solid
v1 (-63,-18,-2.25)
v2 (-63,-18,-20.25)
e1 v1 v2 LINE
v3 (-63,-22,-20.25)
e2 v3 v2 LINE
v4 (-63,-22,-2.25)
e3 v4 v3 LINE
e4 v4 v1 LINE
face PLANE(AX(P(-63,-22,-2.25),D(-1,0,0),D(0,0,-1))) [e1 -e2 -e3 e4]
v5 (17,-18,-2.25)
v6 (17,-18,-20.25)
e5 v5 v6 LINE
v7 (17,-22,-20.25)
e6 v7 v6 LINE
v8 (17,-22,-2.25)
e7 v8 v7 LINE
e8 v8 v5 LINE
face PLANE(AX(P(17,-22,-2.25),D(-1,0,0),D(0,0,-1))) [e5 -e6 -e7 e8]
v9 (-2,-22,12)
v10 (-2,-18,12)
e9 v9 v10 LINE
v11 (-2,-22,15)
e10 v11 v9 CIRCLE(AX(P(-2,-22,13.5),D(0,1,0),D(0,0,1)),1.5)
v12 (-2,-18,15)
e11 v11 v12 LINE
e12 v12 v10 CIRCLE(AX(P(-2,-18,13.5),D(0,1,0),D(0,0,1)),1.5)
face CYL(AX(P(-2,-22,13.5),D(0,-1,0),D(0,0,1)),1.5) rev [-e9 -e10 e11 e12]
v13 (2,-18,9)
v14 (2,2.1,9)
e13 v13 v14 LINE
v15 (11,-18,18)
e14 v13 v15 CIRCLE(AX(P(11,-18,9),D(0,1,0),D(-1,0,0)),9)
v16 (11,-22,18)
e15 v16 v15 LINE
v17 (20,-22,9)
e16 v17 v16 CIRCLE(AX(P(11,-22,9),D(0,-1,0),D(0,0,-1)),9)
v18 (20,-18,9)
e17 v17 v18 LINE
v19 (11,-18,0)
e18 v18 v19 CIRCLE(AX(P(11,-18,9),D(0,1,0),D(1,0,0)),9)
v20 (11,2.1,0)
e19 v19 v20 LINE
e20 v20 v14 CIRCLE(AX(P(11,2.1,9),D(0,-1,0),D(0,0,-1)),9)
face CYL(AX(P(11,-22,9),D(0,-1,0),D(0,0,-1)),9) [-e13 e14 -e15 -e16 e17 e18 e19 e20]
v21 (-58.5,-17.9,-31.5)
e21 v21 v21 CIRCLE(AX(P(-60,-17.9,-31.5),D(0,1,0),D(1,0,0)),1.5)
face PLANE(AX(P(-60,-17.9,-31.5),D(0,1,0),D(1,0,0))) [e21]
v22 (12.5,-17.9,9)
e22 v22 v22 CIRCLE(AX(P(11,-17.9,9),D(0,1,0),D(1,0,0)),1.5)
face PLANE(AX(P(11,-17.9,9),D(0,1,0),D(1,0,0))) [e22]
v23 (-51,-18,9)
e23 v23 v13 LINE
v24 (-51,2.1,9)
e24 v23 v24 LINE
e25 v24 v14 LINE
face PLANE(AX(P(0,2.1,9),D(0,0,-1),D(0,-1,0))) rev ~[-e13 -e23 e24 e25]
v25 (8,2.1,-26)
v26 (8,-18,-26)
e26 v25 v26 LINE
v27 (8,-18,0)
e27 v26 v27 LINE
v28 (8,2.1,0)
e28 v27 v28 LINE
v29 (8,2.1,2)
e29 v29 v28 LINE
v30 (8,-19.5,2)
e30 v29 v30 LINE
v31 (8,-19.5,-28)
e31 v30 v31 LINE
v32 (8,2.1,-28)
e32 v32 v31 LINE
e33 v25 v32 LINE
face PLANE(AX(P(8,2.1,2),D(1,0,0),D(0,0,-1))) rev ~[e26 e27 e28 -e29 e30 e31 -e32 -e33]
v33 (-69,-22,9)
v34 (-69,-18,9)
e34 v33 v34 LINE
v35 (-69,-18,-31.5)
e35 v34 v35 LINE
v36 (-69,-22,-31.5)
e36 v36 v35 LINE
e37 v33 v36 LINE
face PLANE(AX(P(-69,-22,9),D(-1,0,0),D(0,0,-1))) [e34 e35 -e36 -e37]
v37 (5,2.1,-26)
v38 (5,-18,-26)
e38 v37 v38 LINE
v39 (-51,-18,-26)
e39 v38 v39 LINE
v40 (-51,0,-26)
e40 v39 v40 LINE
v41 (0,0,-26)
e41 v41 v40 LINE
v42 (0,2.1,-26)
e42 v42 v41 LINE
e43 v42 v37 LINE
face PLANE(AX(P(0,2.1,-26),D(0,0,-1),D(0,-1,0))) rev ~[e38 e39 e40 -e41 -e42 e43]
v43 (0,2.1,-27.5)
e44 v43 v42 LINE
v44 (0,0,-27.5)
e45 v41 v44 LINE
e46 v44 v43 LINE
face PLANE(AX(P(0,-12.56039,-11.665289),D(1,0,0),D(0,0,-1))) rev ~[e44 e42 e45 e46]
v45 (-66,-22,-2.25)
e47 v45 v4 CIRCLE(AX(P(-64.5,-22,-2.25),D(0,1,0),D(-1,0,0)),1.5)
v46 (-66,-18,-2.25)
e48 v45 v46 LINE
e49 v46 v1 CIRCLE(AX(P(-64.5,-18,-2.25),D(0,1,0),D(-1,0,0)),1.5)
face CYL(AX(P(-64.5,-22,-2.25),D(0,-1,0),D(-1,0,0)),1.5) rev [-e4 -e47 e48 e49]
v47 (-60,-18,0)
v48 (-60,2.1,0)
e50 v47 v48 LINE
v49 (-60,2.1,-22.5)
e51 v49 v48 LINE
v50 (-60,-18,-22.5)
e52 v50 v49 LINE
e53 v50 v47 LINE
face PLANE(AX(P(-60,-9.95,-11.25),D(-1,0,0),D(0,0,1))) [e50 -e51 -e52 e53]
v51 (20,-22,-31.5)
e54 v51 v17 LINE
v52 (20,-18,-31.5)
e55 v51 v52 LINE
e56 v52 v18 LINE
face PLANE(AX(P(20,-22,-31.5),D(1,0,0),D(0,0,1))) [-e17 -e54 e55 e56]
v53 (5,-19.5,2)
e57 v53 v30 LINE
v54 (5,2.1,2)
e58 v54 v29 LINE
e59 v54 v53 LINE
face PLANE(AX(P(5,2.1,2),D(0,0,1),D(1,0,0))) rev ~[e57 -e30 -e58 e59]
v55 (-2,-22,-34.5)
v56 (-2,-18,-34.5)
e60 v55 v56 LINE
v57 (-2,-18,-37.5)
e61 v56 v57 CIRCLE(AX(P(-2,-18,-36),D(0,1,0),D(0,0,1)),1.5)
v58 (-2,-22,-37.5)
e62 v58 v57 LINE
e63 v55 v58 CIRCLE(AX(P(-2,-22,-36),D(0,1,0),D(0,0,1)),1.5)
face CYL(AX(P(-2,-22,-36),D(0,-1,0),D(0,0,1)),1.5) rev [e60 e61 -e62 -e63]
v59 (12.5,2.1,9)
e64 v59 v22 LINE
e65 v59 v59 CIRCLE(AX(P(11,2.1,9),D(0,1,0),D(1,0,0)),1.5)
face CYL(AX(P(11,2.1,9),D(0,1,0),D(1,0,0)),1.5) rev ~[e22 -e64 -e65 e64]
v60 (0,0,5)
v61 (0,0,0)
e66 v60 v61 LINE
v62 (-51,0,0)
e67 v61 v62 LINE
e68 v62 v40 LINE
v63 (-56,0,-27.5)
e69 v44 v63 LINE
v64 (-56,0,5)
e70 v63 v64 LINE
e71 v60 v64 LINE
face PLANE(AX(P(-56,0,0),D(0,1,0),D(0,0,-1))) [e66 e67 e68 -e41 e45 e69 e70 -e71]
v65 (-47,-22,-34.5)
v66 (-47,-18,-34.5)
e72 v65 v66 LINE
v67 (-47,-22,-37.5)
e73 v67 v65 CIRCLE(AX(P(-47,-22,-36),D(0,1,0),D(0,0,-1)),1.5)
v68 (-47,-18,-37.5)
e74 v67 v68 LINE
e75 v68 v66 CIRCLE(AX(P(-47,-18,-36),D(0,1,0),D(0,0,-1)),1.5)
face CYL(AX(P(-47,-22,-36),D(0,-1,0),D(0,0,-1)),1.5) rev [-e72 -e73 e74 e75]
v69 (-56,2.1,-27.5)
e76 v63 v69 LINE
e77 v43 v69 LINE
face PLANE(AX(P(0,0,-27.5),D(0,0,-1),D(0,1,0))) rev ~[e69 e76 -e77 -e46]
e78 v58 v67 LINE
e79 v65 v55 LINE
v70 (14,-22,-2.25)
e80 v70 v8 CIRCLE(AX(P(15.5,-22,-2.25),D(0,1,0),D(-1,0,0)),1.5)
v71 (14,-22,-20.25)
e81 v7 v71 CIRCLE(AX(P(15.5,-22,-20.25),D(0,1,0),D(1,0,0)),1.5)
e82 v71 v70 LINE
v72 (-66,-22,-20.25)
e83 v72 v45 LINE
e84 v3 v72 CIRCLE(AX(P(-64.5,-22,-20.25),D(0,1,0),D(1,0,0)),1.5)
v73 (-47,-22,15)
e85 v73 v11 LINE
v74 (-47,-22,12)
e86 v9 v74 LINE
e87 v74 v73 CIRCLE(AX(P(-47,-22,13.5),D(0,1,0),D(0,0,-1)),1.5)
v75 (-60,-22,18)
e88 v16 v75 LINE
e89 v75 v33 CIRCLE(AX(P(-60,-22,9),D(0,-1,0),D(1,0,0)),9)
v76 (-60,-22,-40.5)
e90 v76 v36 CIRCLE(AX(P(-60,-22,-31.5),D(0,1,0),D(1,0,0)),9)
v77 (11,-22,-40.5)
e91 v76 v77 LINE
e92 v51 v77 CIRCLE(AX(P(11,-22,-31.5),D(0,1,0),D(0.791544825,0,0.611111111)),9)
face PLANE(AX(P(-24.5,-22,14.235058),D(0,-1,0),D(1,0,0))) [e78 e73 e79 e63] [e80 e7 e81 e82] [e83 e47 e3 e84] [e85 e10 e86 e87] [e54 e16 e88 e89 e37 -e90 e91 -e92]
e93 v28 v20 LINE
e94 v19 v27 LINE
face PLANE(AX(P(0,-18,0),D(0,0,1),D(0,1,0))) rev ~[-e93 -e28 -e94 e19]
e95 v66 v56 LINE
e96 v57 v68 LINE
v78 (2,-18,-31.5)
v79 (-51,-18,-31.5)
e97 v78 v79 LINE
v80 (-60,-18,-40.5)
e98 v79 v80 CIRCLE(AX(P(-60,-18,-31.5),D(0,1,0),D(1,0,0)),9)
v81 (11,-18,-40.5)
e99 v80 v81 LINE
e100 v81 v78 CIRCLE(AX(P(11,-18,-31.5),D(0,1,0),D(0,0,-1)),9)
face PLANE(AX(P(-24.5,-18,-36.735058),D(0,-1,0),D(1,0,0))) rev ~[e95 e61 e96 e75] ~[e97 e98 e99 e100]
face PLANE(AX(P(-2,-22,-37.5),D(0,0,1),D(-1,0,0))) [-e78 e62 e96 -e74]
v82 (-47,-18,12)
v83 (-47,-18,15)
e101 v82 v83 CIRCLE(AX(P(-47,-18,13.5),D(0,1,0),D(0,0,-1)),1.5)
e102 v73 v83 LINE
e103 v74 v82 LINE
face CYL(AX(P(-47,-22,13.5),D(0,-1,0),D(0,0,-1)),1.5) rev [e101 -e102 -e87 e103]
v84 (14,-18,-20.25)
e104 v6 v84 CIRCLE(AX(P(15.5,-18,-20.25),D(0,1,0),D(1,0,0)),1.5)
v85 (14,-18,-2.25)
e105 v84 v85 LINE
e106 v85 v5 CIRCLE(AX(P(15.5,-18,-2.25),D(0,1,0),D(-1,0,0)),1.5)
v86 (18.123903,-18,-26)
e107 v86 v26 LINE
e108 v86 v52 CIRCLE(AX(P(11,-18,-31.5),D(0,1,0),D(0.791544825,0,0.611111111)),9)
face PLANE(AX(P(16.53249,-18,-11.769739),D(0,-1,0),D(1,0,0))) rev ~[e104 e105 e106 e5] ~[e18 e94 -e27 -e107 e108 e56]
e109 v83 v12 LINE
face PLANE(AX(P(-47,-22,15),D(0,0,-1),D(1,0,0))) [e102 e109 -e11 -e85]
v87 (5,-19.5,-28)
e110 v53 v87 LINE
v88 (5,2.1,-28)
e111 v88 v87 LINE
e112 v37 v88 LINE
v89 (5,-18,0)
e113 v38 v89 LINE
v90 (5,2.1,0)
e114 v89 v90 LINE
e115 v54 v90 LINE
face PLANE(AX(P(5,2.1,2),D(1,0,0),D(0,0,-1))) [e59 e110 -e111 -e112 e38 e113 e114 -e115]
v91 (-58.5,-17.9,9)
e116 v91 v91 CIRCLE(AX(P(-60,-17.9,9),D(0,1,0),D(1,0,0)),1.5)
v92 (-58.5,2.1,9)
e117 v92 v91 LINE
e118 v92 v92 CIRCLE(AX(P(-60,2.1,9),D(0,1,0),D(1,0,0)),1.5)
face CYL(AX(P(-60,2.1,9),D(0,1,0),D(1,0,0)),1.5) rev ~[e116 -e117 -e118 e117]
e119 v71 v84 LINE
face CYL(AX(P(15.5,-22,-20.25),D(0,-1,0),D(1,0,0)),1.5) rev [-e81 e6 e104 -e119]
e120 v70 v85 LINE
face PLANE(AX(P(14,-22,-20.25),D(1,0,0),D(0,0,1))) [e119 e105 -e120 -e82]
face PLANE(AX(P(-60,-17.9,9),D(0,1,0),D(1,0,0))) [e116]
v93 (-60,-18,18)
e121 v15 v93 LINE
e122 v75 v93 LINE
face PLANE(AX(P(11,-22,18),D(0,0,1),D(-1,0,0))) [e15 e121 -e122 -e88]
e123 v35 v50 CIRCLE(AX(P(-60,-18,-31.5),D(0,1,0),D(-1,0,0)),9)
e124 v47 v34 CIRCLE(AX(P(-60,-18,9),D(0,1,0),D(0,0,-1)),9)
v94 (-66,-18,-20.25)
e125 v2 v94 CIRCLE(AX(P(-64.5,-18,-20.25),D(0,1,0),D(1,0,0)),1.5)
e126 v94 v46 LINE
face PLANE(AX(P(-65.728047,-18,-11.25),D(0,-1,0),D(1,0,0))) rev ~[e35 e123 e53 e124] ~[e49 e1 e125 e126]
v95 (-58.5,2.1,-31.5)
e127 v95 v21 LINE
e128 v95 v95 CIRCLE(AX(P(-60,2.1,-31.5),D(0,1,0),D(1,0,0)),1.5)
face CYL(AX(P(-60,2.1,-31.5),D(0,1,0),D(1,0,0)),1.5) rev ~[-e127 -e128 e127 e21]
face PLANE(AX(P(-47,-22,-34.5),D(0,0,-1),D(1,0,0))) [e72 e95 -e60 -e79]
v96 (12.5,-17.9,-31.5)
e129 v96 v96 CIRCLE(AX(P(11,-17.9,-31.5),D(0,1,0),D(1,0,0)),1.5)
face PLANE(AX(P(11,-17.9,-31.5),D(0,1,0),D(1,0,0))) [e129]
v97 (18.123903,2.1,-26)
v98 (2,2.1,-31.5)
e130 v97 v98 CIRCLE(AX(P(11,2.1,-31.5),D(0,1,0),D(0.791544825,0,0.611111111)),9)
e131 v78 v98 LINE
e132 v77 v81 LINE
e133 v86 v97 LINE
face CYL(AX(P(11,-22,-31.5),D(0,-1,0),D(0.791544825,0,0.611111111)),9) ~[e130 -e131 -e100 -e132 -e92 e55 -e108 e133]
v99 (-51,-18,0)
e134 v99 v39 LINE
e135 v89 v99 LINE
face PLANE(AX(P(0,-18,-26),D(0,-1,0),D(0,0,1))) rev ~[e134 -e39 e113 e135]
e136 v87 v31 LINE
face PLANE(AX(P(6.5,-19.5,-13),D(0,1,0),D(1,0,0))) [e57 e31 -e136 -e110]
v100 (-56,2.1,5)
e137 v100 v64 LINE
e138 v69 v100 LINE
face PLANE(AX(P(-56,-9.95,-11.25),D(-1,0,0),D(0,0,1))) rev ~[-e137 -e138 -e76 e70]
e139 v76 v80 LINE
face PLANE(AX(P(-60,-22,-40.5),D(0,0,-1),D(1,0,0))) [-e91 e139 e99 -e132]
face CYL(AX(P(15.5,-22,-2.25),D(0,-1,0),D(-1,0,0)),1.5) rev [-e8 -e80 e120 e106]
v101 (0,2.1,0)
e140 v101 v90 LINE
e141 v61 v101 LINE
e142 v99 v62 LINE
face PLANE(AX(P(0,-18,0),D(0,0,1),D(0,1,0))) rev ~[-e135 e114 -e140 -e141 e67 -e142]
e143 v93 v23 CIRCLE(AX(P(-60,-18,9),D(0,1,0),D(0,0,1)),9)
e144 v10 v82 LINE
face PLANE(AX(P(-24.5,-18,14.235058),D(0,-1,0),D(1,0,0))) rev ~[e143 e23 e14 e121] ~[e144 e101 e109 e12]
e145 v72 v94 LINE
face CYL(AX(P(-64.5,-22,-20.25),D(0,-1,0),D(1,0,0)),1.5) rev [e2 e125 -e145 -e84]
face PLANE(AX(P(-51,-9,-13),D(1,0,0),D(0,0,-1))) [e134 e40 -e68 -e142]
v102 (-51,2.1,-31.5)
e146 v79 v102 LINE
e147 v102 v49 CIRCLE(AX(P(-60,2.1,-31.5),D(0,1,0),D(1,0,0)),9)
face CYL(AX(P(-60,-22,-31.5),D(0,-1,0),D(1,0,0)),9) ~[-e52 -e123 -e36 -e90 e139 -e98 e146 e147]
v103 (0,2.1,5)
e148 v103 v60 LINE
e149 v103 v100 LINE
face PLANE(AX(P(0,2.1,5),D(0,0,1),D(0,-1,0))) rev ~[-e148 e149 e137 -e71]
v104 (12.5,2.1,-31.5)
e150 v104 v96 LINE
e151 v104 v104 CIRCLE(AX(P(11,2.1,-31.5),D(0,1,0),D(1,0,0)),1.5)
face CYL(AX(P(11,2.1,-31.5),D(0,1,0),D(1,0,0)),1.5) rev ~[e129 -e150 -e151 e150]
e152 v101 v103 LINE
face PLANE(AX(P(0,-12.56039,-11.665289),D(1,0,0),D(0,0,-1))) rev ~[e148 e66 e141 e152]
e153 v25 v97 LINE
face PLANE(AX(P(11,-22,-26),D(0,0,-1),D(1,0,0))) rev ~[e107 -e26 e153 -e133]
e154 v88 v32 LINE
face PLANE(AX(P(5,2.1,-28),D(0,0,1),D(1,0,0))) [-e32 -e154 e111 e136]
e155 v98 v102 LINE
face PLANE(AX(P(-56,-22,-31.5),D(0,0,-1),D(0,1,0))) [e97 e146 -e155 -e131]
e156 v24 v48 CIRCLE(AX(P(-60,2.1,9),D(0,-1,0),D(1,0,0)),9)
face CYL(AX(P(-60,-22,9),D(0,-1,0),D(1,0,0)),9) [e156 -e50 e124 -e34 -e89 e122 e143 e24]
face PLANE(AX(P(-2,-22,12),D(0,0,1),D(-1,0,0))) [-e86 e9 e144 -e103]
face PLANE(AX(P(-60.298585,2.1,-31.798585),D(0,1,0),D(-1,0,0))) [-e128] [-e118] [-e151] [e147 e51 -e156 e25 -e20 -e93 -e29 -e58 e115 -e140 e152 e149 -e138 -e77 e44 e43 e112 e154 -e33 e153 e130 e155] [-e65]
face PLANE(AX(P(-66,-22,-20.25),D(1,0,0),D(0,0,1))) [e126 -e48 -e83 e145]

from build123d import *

# Parameters (mm, degrees)
BOSS_EXTRUDE1_DEPTH = 56
SKETCH2_W           = 40.5
SKETCH2_H           = 24.1
BOSS_EXTRUDE2_DEPTH = 4
SKETCH3_W           = 26
SKETCH3_H           = 18
BOSS_EXTRUDE4_DEPTH = 5
BOSS_EXTRUDE5_DEPTH = 11
SKETCH6_W           = 3
SKETCH6_H           = 30
CUT_EXTRUDE1_DEPTH  = 21.6
BOSS_EXTRUDE6_DEPTH = 24.1
BOSS_EXTRUDE7_DEPTH = 4
SKETCH9_R           = 1.5
CUT_EXTRUDE2_DEPTH  = 20


with BuildPart() as part:
    # Sketch1 → Boss-Extrude1 (new body)
    with BuildSketch(Plane(origin=(0, 0, 0), x_dir=(0, 0, -1), z_dir=(1, 0, 0))):
        Polygon((0, 0), (0, -18), (26, -18), (26, 0), (27.5, 0), (27.5, 2.1), (31.5, 2.1), (31.5, -22), (-9, -22), (-9, 2.1), (-5, 2.1), (-5, 0), align=None)
    extrude(amount=-BOSS_EXTRUDE1_DEPTH)

    # Sketch2 → Boss-Extrude2 (add)
    with BuildSketch(Plane.ZY.offset(56)):
        with Locations((-11.25, -9.95)):
            Rectangle(SKETCH2_W, SKETCH2_H)
    extrude(amount=BOSS_EXTRUDE2_DEPTH)

    # Sketch3 → Boss-Extrude4 (add)
    with BuildSketch(Plane(origin=(-56, 0, 0), x_dir=(0, 0, -1), z_dir=(1, 0, 0))):
        with Locations((13, -9)):
            Rectangle(SKETCH3_W, SKETCH3_H)
    extrude(amount=BOSS_EXTRUDE4_DEPTH)

    # Sketch5 → Boss-Extrude5 (add)
    with BuildSketch(Plane(origin=(0, 0, 0), x_dir=(0, 0, -1), z_dir=(1, 0, 0))):
        Polygon((0, 0), (0, 2.1), (-5, 2.1), (-9, 2.1), (-9, -22), (31.5, -22), (31.5, 2.1), (27.5, 2.1), (26, 2.1), (26, 0), (26, -18), (0, -18), align=None)
    extrude(amount=BOSS_EXTRUDE5_DEPTH)

    # Sketch6 → Cut-Extrude1 (cut)
    with BuildSketch(Plane(origin=(0, 2.1, 0), x_dir=(1, 0, 0), z_dir=(0, 1, 0))):
        with Locations((6.5, 13)):
            Rectangle(SKETCH6_W, SKETCH6_H)
    extrude(amount=-CUT_EXTRUDE1_DEPTH, mode=Mode.SUBTRACT)

    # Sketch7 → Boss-Extrude6 (add)
    with BuildSketch(Plane.XZ.offset(22)):
        with BuildLine():
            Line((-60, -22.5), (-60, -31.5))
            Line((-60, -31.5), (-51, -31.5))
            ThreePointArc((-51, -31.5), (-66.363961031, -37.863961031), (-60, -22.5))
        make_face()
        with BuildLine():
            Line((2, -31.5), (11, -31.5))
            Line((11, -31.5), (11, -26))
            Line((11, -26), (18.123903424, -26))
            ThreePointArc((18.123903424, -26), (13.905586789, -40.018072869), (2, -31.5))
        make_face()
        with BuildLine():
            Line((-60, 0), (-60, 9))
            Line((-60, 9), (-51, 9))
            ThreePointArc((-51, 9), (-66.363961031, 15.363961031), (-60, 0))
        make_face()
        with BuildLine():
            Line((2, 9), (11, 9))
            Line((11, 9), (11, 0))
            ThreePointArc((11, 0), (17.363961031, 15.363961031), (2, 9))
        make_face()
    extrude(amount=-BOSS_EXTRUDE6_DEPTH)

    # Sketch8 → Boss-Extrude7 (add)
    with BuildSketch(Plane.XZ.offset(22)):
        with BuildLine():
            Line((11, 18), (-60, 18))
            ThreePointArc((-60, 18), (-53.636038969, 15.363961031), (-51, 9))
            Line((-51, 9), (2, 9))
            ThreePointArc((2, 9), (4.636038969, 15.363961031), (11, 18))
        make_face()
        with BuildLine():
            ThreePointArc((-47, 12), (-48.5, 13.5), (-47, 15))
            Line((-47, 15), (-2, 15))
            ThreePointArc((-2, 15), (-0.5, 13.5), (-2, 12))
            Line((-2, 12), (-47, 12))
        make_face(mode=Mode.SUBTRACT)
        with BuildLine():
            Line((20, -31.5), (20, 9))
            ThreePointArc((20, 9), (17.363961031, 2.636038969), (11, 0))
            Line((11, 0), (11, -26))
            Line((11, -26), (18.123903424, -26))
            ThreePointArc((18.123903424, -26), (19.518072869, -28.594413211), (20, -31.5))
        make_face()
        with BuildLine():
            ThreePointArc((14, -2.25), (15.5, -0.75), (17, -2.25))
            Line((17, -2.25), (17, -20.25))
            ThreePointArc((17, -20.25), (15.5, -21.75), (14, -20.25))
            Line((14, -20.25), (14, -2.25))
        make_face(mode=Mode.SUBTRACT)
        with BuildLine():
            ThreePointArc((-51, -31.5), (-53.636038969, -37.863961031), (-60, -40.5))
            Line((-60, -40.5), (11, -40.5))
            ThreePointArc((11, -40.5), (4.636038969, -37.863961031), (2, -31.5))
            Line((2, -31.5), (-51, -31.5))
        make_face()
        with BuildLine():
            ThreePointArc((-47, -37.5), (-48.5, -36), (-47, -34.5))
            Line((-47, -34.5), (-2, -34.5))
            ThreePointArc((-2, -34.5), (-0.5, -36), (-2, -37.5))
            Line((-2, -37.5), (-47, -37.5))
        make_face(mode=Mode.SUBTRACT)
        with BuildLine():
            ThreePointArc((-60, 0), (-66.363961031, 2.636038969), (-69, 9))
            Line((-69, 9), (-69, -31.5))
            ThreePointArc((-69, -31.5), (-66.363961031, -25.136038969), (-60, -22.5))
            Line((-60, -22.5), (-60, 0))
        make_face()
        with BuildLine():
            ThreePointArc((-63, -20.25), (-64.5, -21.75), (-66, -20.25))
            Line((-66, -20.25), (-66, -2.25))
            ThreePointArc((-66, -2.25), (-64.5, -0.75), (-63, -2.25))
            Line((-63, -2.25), (-63, -20.25))
        make_face(mode=Mode.SUBTRACT)
    extrude(amount=-BOSS_EXTRUDE7_DEPTH)

    # Sketch9 → Cut-Extrude2 (cut)
    with BuildSketch(Plane(origin=(0, 2.1, 0), x_dir=(1, 0, 0), z_dir=(0, 1, 0))):
        with Locations((11, 31.5)):
            Circle(SKETCH9_R)
        with Locations((-60, 31.5)):
            Circle(SKETCH9_R)
        with Locations((-60, -9)):
            Circle(SKETCH9_R)
        with Locations((11, -9)):
            Circle(SKETCH9_R)
    extrude(amount=-CUT_EXTRUDE2_DEPTH, mode=Mode.SUBTRACT)


solid = part.part
